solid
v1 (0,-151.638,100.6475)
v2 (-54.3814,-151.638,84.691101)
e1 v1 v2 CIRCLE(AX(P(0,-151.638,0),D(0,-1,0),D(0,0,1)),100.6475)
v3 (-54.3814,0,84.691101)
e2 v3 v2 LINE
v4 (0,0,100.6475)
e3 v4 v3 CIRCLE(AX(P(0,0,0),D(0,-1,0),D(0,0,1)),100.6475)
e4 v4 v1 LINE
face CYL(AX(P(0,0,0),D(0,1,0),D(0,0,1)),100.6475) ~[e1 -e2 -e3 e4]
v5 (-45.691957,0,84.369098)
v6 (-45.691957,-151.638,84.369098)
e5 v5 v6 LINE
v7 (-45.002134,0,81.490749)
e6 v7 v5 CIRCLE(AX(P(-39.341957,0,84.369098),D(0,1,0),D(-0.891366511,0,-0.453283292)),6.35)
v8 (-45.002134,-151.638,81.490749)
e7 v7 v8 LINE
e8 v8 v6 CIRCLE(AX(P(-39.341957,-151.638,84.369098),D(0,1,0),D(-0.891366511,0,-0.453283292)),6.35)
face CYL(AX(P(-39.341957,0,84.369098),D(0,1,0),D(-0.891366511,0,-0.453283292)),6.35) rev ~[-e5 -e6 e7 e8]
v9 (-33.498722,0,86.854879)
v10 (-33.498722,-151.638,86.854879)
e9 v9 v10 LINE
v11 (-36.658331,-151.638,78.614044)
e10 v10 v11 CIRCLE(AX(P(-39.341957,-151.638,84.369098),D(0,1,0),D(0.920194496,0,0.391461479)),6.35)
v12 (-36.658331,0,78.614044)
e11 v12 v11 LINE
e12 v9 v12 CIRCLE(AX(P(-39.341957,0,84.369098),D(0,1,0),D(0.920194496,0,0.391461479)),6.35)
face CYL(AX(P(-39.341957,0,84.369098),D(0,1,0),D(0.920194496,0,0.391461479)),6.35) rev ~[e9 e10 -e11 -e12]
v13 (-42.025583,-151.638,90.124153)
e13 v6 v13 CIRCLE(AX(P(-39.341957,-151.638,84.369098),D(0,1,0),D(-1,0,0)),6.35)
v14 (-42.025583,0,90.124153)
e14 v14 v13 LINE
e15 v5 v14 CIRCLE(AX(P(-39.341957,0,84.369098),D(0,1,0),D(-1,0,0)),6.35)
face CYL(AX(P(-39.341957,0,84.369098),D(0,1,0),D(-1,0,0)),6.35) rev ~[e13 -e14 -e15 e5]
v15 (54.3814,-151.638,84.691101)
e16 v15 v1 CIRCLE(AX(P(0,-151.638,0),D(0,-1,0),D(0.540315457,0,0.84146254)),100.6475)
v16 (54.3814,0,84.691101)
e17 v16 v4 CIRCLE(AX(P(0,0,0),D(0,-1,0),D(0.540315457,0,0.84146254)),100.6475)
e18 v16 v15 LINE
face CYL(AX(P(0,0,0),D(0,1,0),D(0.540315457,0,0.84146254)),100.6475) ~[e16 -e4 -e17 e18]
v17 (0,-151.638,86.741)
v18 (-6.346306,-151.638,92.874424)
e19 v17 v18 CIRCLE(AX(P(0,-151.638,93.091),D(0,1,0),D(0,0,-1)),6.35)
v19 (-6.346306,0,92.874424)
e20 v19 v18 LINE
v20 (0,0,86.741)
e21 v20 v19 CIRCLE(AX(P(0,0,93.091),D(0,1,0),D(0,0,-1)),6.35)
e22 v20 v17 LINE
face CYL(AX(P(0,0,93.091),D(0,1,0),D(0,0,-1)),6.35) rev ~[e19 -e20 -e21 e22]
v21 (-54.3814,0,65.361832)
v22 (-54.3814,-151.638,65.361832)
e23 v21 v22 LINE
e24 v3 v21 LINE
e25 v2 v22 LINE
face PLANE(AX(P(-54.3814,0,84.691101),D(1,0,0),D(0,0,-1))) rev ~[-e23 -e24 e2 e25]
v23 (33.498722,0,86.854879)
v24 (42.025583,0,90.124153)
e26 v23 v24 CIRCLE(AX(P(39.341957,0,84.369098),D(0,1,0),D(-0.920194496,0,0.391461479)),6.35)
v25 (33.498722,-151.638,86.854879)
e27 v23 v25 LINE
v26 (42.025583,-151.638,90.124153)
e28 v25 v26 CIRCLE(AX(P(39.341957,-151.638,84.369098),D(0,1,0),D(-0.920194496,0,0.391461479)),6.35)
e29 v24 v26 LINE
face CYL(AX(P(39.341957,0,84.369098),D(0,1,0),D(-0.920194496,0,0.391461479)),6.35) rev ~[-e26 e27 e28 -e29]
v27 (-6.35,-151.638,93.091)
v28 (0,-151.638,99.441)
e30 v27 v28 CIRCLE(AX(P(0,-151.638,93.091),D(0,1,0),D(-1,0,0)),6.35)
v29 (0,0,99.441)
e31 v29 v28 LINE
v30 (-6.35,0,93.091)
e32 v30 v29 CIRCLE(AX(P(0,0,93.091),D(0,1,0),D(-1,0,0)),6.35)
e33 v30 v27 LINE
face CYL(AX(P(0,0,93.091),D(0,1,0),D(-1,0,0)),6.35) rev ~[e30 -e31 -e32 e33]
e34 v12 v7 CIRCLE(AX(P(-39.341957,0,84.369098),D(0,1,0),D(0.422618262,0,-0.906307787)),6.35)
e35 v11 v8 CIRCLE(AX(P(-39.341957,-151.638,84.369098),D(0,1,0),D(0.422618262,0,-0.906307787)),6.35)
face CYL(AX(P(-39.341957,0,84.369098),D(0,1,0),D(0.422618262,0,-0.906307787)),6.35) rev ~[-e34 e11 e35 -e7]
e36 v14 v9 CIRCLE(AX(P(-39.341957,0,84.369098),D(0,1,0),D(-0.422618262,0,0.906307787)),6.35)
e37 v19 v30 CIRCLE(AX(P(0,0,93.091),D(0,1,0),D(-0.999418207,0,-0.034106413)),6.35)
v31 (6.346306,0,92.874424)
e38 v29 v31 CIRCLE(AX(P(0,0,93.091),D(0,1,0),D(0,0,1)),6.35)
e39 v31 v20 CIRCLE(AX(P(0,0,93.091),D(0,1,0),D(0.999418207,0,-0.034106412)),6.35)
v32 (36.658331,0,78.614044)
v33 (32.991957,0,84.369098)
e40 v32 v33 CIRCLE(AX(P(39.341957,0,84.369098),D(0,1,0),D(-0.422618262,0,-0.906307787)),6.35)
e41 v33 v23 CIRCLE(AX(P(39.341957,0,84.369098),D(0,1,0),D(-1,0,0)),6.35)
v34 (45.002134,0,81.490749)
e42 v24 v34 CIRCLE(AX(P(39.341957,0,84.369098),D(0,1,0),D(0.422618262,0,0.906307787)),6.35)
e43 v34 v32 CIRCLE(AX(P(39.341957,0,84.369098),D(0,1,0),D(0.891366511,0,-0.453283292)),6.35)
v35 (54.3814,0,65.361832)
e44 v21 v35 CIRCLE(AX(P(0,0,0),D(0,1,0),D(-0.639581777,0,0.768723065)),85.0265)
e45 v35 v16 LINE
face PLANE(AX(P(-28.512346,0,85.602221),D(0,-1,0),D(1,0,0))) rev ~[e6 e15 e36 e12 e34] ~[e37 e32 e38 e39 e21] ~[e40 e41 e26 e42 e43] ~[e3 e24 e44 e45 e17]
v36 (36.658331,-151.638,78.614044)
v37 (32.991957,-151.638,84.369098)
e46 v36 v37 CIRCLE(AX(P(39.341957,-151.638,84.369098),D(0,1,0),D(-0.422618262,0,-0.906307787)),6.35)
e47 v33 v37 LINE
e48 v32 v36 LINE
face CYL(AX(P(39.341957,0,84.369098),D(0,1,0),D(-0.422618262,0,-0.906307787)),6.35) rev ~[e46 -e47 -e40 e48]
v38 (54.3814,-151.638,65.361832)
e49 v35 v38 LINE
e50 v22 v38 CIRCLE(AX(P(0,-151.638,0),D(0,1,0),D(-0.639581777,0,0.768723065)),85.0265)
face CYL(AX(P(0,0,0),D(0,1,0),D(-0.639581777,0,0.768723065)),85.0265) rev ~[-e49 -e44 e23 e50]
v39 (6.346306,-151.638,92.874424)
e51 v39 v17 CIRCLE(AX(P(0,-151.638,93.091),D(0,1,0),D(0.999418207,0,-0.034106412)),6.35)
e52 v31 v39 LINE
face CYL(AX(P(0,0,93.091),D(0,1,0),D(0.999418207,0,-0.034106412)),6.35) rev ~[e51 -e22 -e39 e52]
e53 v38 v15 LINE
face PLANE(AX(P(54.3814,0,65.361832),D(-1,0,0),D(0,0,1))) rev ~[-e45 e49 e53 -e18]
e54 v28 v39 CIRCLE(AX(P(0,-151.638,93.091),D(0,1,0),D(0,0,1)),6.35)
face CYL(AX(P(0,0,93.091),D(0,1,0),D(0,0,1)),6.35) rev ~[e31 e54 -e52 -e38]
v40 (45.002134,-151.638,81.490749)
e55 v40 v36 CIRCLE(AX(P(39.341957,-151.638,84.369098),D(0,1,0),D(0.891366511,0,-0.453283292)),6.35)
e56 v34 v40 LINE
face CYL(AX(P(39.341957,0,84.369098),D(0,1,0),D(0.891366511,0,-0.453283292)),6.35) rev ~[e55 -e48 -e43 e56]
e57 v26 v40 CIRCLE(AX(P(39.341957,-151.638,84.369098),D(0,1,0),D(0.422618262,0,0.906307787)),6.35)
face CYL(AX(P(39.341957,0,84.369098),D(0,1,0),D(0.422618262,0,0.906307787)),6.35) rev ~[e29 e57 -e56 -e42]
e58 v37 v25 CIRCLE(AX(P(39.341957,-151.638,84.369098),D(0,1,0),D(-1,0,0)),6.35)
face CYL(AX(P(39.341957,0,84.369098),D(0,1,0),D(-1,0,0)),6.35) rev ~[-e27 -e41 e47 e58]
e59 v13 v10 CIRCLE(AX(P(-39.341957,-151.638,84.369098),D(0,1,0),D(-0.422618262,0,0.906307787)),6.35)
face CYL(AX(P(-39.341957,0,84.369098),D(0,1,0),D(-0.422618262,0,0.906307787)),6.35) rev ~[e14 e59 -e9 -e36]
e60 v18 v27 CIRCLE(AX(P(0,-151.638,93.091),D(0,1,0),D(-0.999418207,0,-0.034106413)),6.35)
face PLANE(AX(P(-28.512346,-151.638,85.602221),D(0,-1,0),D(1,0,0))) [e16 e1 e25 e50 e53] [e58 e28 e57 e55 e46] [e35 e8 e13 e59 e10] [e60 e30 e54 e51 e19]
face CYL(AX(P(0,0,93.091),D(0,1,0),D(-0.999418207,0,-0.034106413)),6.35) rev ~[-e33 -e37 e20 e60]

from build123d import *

# Parameters (mm, degrees)
F1_DEPTH = 151.638
F3_DEPTH = 151.639


with BuildPart() as f1:
    # F0 (on Front) → F1 (new body)
    with BuildSketch(Plane.XZ):
        with BuildLine():
            Line((-54.3814, 84.69110101), (-54.3814, 65.3618316473))
            ThreePointArc((-54.3814, 65.3618316473), (-28.9138195651, 79.959344297), (0, 85.0265))
            Line((0, 85.0265), (0, 100.6475))
            ThreePointArc((0, 100.6475), (-28.3370046701, 96.5760499429), (-54.3814, 84.69110101))
        make_face()
        with BuildLine():
            ThreePointArc((0, 85.0265), (28.9138195651, 79.959344297), (54.3814, 65.3618316473))
            Line((54.3814, 65.3618316473), (54.3814, 84.69110101))
            ThreePointArc((54.3814, 84.69110101), (28.3370046701, 96.5760499429), (0, 100.6475))
            Line((0, 100.6475), (0, 85.0265))
        make_face()
    extrude(amount=F1_DEPTH)

    # F2 (on face) → F3 (cut, through all)
    with BuildSketch(Plane(origin=(0, 0, 0), x_dir=(-1, 0, 0), z_dir=(0, 1, 0))):
        with BuildLine():
            Line((-42.0255825658, 90.1241526507), (-39.3419566037, 84.369098203))
            ThreePointArc((-39.3419566037, 84.369098203), (-36.4415405084, 85.6618258408), (-33.4987215532, 86.8548785924))
            ThreePointArc((-33.4987215532, 86.8548785924), (-37.0686725002, 90.2982363685), (-42.0255825658, 90.1241526507))
        make_face()
        with BuildLine():
            ThreePointArc((-45.0021339488, 81.4907492974), (-42.1965949561, 82.9781998787), (-39.3419566037, 84.369098203))
            Line((-39.3419566037, 84.369098203), (-42.0255825658, 90.1241526507))
            ThreePointArc((-42.0255825658, 90.1241526507), (-45.3451788028, 86.4388380968), (-45.0021339488, 81.4907492974))
        make_face()
        with BuildLine():
            ThreePointArc((-45.0021339488, 81.4907492974), (-41.4116964975, 78.3658760039), (-36.6583306416, 78.6140437553))
            Line((-36.6583306417, 78.6140437553), (-39.3419566037, 84.369098203))
            ThreePointArc((-39.3419566037, 84.369098203), (-42.1965949561, 82.9781998787), (-45.0021339488, 81.4907492974))
        make_face()
        with BuildLine():
            Line((-39.3419566037, 84.369098203), (-36.6583306417, 78.6140437553))
            ThreePointArc((-36.6583306416, 78.6140437553), (-33.9864209228, 80.95724569), (-32.9919566037, 84.369098203))
            ThreePointArc((-32.9919566037, 84.369098203), (-33.1199375355, 85.6375534504), (-33.4987215532, 86.8548785924))
            ThreePointArc((-33.4987215532, 86.8548785924), (-36.4415405084, 85.6618258408), (-39.3419566037, 84.369098203))
        make_face()
        with BuildLine():
            ThreePointArc((-6.346305615, 92.8744242838), (-3.175, 93.0368403161), (0, 93.091))
            Line((0, 93.091), (0, 99.441))
            ThreePointArc((0, 99.441), (-4.5660571502, 97.5038927135), (-6.346305615, 92.8744242838))
        make_face()
        with BuildLine():
            Line((0, 99.441), (0, 93.091))
            ThreePointArc((0, 93.091), (3.175, 93.0368403161), (6.346305615, 92.8744242838))
            ThreePointArc((6.346305615, 92.8744242838), (6.3490763366, 92.9826963882), (6.35, 93.091))
            ThreePointArc((6.35, 93.091), (4.4901280605, 97.5811280605), (0, 99.441))
        make_face()
        with BuildLine():
            Line((0, 93.091), (0, 86.741))
            ThreePointArc((0, 86.741), (4.4128927135, 88.5249428498), (6.346305615, 92.8744242838))
            ThreePointArc((6.346305615, 92.8744242838), (3.175, 93.0368403161), (0, 93.091))
        make_face()
        with BuildLine():
            ThreePointArc((-6.346305615, 92.8744242838), (-4.4128927135, 88.5249428498), (0, 86.741))
            Line((0, 86.741), (0, 93.091))
            ThreePointArc((0, 93.091), (-3.175, 93.0368403161), (-6.346305615, 92.8744242838))
        make_face()
        with BuildLine():
            ThreePointArc((33.4987215532, 86.8548785924), (36.4415405084, 85.6618258408), (39.3419566037, 84.369098203))
            Line((39.3419566037, 84.369098203), (42.0255825658, 90.1241526507))
            ThreePointArc((42.0255825658, 90.1241526507), (37.0686725002, 90.2982363685), (33.4987215532, 86.8548785924))
        make_face()
        with BuildLine():
            Line((42.0255825658, 90.1241526507), (39.3419566037, 84.369098203))
            ThreePointArc((39.3419566037, 84.369098203), (42.1965949561, 82.9781998787), (45.0021339488, 81.4907492974))
            ThreePointArc((45.0021339488, 81.4907492974), (45.5170932881, 82.8891701881), (45.6919566037, 84.369098203))
            ThreePointArc((45.6919566037, 84.369098203), (44.6974922846, 87.780950716), (42.0255825658, 90.1241526507))
        make_face()
        with BuildLine():
            Line((39.3419566037, 84.369098203), (36.6583306417, 78.6140437553))
            ThreePointArc((36.6583306416, 78.6140437553), (41.4116964975, 78.3658760039), (45.0021339488, 81.4907492974))
            ThreePointArc((45.0021339488, 81.4907492974), (42.1965949561, 82.9781998787), (39.3419566037, 84.369098203))
        make_face()
        with BuildLine():
            ThreePointArc((33.4987215532, 86.8548785924), (33.4128184383, 82.0958140996), (36.6583306416, 78.6140437553))
            Line((36.6583306417, 78.6140437553), (39.3419566037, 84.369098203))
            ThreePointArc((39.3419566037, 84.369098203), (36.4415405084, 85.6618258408), (33.4987215532, 86.8548785924))
        make_face()
    extrude(amount=-F3_DEPTH, mode=Mode.SUBTRACT)


solid = f1.part
